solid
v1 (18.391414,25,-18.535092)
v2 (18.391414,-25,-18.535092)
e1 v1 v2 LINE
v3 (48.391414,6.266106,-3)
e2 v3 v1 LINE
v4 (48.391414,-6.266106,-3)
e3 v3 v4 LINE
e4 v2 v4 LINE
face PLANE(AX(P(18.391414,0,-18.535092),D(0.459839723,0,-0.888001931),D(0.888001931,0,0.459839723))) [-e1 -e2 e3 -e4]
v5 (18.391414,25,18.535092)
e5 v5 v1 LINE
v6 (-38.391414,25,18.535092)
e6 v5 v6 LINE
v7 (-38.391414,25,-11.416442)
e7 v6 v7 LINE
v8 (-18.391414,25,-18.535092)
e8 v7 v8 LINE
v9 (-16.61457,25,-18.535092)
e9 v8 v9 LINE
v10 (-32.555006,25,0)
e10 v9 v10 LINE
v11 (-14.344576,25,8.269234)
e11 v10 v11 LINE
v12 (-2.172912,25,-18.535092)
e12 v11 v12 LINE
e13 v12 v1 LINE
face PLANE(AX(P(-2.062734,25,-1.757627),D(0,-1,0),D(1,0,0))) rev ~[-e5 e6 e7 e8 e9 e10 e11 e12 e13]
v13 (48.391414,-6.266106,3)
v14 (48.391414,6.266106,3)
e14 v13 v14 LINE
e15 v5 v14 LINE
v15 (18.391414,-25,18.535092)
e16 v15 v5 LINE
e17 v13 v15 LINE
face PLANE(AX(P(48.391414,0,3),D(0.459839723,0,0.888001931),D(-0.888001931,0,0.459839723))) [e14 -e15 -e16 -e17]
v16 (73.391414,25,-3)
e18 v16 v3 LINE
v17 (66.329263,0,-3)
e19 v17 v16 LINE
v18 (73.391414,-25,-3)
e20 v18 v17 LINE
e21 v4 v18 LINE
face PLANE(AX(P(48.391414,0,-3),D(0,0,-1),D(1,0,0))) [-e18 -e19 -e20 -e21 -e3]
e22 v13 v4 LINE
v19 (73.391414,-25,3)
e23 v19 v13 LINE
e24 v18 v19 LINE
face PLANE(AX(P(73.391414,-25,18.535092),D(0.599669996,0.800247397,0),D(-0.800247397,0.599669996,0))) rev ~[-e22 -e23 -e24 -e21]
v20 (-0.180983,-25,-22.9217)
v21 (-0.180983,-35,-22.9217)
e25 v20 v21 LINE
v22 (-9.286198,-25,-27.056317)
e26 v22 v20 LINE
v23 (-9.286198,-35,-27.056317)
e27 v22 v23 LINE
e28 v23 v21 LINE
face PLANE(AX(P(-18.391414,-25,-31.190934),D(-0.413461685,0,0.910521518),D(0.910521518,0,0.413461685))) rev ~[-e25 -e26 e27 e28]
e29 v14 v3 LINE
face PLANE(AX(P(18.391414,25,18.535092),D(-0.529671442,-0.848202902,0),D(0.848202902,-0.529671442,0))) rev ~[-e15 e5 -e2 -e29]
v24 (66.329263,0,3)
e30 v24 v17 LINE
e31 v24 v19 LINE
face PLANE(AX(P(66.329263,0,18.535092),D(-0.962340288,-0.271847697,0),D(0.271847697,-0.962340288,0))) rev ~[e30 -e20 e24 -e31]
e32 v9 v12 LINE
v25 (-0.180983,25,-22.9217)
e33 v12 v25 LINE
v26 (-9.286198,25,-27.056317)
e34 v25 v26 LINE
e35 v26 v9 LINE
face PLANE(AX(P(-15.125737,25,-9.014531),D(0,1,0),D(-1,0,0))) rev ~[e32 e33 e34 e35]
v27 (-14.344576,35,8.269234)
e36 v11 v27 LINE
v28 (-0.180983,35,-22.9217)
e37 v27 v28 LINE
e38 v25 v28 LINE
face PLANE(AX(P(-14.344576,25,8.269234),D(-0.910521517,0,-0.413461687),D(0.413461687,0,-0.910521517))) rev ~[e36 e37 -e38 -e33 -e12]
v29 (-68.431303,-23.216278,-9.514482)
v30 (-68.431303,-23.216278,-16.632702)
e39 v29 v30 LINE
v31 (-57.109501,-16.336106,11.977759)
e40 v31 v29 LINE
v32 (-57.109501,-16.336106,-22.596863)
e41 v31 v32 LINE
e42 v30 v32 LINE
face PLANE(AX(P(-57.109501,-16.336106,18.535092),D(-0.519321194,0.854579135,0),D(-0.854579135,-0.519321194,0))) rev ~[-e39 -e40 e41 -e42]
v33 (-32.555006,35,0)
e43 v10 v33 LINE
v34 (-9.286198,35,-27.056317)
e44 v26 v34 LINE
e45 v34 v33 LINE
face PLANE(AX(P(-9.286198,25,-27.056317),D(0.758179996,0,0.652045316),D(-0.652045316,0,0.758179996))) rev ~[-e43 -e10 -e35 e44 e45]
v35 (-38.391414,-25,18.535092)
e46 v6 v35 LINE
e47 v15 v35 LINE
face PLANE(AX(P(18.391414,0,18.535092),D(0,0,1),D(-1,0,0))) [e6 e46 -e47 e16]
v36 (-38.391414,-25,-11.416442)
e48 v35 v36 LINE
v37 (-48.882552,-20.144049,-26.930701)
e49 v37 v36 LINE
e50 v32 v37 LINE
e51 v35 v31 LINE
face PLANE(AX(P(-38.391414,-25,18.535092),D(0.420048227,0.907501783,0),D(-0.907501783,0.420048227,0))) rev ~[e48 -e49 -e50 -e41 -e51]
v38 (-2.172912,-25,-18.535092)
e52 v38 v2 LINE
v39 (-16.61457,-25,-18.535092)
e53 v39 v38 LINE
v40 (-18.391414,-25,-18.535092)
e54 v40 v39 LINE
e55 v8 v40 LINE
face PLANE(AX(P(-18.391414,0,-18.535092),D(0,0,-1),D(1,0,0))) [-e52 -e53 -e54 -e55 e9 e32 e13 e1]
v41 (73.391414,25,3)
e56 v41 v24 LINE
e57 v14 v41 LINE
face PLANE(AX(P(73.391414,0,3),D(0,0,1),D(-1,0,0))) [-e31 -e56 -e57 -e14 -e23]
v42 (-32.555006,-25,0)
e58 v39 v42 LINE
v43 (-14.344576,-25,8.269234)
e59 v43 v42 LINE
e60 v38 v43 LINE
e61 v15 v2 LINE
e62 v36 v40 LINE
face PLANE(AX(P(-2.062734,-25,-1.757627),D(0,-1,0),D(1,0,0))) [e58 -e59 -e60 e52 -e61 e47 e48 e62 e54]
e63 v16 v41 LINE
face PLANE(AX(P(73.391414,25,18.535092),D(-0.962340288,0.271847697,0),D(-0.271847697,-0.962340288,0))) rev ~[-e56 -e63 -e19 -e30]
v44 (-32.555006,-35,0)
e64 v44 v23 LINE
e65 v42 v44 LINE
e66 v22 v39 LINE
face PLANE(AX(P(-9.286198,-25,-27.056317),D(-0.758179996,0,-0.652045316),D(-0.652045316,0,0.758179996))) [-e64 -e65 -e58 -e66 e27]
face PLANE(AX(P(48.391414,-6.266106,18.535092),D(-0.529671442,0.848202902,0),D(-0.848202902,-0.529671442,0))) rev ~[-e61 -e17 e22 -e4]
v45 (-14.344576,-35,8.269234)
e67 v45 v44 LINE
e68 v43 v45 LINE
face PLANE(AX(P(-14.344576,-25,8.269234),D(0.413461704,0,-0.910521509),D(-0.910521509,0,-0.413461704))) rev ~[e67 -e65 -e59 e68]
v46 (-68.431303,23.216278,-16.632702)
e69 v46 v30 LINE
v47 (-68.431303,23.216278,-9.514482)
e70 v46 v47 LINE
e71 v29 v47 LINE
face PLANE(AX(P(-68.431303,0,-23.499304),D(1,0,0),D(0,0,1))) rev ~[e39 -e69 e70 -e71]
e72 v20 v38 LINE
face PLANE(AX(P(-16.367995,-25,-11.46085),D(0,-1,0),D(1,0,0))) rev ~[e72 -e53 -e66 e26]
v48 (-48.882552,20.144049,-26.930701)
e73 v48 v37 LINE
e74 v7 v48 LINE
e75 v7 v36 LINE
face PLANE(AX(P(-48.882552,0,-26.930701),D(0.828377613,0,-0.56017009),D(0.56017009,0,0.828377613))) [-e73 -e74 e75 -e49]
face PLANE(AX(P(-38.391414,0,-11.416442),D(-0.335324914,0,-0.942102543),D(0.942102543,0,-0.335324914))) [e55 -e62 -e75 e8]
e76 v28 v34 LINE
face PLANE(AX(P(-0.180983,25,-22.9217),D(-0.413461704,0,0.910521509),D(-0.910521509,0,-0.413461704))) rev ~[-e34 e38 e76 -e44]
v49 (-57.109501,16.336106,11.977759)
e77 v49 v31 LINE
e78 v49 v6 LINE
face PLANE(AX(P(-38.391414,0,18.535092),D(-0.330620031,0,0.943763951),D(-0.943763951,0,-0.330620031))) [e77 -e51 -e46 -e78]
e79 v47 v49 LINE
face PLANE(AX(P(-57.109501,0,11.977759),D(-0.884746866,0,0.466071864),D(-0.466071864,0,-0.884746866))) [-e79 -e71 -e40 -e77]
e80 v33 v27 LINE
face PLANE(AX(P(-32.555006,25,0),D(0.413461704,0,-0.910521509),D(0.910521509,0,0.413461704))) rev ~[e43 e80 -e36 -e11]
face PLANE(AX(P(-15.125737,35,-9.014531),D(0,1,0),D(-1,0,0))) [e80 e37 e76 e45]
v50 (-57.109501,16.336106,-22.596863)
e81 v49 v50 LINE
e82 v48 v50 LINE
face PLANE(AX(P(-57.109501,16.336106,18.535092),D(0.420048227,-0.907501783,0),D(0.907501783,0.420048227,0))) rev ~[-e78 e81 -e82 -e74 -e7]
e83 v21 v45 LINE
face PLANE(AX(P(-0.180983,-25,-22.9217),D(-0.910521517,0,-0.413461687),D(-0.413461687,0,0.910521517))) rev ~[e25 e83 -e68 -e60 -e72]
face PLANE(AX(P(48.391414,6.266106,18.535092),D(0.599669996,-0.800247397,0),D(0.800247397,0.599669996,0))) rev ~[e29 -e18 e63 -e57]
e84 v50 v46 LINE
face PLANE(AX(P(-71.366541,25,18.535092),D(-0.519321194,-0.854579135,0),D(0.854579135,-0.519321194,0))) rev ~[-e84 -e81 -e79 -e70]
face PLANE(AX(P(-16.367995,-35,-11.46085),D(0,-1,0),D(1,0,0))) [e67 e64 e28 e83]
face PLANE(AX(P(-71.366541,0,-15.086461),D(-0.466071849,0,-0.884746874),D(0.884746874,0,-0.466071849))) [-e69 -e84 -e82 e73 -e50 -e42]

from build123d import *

# Parameters (mm, degrees)
F1_DEPTH  = 25
F2_W      = 220.380068
F2_H      = 103.423982
F3_DEPTH  = 49.4
F6_DEPTH  = 10
F8_DEPTH  = 25
F10_DEPTH = 10
F13_DEPTH = 31.3


with BuildPart() as f1:
    # F0 (on Front) → F1 (new body, symmetric)
    with BuildSketch(Plane.XZ):
        Polygon((18.391414, 18.535092), (-18.391414, 18.535092), (-38.391414, 18.535092), (-57.109501, 11.977759), (-71.366541, -15.086461), (-48.882552, -26.930701), (-38.391414, -11.416442), (-18.391414, -18.535092), (18.391414, -18.535092), (48.391414, -3), (73.391414, -3), (73.391414, 3), (48.391414, 3), align=None)
    extrude(amount=F1_DEPTH, both=True)

    # F2 (on face) → F3 (cut)
    with BuildSketch(Plane.XY.offset(18.535092)):
        with Locations((15.868798, -6.721016)):
            Rectangle(F2_W, F2_H)
        Polygon((-57.109501, -16.336106), (-71.366541, -25), (-71.366541, 25), (-57.109501, 16.336106), (-38.391414, 25), (18.391414, 25), (48.391414, 6.266106), (73.391414, 25), (66.329263, 0), (73.391414, -25), (48.391414, -6.266106), (18.391414, -25), (-38.391414, -25), align=None, mode=Mode.SUBTRACT)
    extrude(amount=-F3_DEPTH, mode=Mode.SUBTRACT)

    # F5 (on face) → F6 (join)
    with BuildSketch(Plane.XZ.offset(25)):
        Polygon((-14.344576, 8.269234), (-32.555006, 0), (-18.391414, -31.190934), (-0.180983, -22.9217), align=None)
    extrude(amount=F6_DEPTH)

    # F7 (on face) → F8 (cut)
    with BuildSketch(Plane.XZ.offset(25)):
        Polygon((-9.286198, -27.056317), (-32.555006, 0), (-27.678248, -47.243599), (-7.968015, -40.131658), align=None)
    extrude(amount=F8_DEPTH, mode=Mode.SUBTRACT)

    # F9 (on face) → F10 (join)
    with BuildSketch(Plane(origin=(0, 25, 0), x_dir=(-1, 0, 0), z_dir=(0, 1, 0))):
        Polygon((9.286198, -27.056317), (32.555006, 0), (14.344576, 8.269234), (0.180983, -22.9217), align=None)
    extrude(amount=F10_DEPTH)

    # F12 (on Front) → F13 (cut, symmetric)
    with BuildSketch(Plane.XZ):
        Polygon((-68.431303, -23.499304), (-68.431303, -4.601866), (-78.38802, -19.232141), align=None)
    extrude(amount=F13_DEPTH, both=True, mode=Mode.SUBTRACT)


solid = f1.part
